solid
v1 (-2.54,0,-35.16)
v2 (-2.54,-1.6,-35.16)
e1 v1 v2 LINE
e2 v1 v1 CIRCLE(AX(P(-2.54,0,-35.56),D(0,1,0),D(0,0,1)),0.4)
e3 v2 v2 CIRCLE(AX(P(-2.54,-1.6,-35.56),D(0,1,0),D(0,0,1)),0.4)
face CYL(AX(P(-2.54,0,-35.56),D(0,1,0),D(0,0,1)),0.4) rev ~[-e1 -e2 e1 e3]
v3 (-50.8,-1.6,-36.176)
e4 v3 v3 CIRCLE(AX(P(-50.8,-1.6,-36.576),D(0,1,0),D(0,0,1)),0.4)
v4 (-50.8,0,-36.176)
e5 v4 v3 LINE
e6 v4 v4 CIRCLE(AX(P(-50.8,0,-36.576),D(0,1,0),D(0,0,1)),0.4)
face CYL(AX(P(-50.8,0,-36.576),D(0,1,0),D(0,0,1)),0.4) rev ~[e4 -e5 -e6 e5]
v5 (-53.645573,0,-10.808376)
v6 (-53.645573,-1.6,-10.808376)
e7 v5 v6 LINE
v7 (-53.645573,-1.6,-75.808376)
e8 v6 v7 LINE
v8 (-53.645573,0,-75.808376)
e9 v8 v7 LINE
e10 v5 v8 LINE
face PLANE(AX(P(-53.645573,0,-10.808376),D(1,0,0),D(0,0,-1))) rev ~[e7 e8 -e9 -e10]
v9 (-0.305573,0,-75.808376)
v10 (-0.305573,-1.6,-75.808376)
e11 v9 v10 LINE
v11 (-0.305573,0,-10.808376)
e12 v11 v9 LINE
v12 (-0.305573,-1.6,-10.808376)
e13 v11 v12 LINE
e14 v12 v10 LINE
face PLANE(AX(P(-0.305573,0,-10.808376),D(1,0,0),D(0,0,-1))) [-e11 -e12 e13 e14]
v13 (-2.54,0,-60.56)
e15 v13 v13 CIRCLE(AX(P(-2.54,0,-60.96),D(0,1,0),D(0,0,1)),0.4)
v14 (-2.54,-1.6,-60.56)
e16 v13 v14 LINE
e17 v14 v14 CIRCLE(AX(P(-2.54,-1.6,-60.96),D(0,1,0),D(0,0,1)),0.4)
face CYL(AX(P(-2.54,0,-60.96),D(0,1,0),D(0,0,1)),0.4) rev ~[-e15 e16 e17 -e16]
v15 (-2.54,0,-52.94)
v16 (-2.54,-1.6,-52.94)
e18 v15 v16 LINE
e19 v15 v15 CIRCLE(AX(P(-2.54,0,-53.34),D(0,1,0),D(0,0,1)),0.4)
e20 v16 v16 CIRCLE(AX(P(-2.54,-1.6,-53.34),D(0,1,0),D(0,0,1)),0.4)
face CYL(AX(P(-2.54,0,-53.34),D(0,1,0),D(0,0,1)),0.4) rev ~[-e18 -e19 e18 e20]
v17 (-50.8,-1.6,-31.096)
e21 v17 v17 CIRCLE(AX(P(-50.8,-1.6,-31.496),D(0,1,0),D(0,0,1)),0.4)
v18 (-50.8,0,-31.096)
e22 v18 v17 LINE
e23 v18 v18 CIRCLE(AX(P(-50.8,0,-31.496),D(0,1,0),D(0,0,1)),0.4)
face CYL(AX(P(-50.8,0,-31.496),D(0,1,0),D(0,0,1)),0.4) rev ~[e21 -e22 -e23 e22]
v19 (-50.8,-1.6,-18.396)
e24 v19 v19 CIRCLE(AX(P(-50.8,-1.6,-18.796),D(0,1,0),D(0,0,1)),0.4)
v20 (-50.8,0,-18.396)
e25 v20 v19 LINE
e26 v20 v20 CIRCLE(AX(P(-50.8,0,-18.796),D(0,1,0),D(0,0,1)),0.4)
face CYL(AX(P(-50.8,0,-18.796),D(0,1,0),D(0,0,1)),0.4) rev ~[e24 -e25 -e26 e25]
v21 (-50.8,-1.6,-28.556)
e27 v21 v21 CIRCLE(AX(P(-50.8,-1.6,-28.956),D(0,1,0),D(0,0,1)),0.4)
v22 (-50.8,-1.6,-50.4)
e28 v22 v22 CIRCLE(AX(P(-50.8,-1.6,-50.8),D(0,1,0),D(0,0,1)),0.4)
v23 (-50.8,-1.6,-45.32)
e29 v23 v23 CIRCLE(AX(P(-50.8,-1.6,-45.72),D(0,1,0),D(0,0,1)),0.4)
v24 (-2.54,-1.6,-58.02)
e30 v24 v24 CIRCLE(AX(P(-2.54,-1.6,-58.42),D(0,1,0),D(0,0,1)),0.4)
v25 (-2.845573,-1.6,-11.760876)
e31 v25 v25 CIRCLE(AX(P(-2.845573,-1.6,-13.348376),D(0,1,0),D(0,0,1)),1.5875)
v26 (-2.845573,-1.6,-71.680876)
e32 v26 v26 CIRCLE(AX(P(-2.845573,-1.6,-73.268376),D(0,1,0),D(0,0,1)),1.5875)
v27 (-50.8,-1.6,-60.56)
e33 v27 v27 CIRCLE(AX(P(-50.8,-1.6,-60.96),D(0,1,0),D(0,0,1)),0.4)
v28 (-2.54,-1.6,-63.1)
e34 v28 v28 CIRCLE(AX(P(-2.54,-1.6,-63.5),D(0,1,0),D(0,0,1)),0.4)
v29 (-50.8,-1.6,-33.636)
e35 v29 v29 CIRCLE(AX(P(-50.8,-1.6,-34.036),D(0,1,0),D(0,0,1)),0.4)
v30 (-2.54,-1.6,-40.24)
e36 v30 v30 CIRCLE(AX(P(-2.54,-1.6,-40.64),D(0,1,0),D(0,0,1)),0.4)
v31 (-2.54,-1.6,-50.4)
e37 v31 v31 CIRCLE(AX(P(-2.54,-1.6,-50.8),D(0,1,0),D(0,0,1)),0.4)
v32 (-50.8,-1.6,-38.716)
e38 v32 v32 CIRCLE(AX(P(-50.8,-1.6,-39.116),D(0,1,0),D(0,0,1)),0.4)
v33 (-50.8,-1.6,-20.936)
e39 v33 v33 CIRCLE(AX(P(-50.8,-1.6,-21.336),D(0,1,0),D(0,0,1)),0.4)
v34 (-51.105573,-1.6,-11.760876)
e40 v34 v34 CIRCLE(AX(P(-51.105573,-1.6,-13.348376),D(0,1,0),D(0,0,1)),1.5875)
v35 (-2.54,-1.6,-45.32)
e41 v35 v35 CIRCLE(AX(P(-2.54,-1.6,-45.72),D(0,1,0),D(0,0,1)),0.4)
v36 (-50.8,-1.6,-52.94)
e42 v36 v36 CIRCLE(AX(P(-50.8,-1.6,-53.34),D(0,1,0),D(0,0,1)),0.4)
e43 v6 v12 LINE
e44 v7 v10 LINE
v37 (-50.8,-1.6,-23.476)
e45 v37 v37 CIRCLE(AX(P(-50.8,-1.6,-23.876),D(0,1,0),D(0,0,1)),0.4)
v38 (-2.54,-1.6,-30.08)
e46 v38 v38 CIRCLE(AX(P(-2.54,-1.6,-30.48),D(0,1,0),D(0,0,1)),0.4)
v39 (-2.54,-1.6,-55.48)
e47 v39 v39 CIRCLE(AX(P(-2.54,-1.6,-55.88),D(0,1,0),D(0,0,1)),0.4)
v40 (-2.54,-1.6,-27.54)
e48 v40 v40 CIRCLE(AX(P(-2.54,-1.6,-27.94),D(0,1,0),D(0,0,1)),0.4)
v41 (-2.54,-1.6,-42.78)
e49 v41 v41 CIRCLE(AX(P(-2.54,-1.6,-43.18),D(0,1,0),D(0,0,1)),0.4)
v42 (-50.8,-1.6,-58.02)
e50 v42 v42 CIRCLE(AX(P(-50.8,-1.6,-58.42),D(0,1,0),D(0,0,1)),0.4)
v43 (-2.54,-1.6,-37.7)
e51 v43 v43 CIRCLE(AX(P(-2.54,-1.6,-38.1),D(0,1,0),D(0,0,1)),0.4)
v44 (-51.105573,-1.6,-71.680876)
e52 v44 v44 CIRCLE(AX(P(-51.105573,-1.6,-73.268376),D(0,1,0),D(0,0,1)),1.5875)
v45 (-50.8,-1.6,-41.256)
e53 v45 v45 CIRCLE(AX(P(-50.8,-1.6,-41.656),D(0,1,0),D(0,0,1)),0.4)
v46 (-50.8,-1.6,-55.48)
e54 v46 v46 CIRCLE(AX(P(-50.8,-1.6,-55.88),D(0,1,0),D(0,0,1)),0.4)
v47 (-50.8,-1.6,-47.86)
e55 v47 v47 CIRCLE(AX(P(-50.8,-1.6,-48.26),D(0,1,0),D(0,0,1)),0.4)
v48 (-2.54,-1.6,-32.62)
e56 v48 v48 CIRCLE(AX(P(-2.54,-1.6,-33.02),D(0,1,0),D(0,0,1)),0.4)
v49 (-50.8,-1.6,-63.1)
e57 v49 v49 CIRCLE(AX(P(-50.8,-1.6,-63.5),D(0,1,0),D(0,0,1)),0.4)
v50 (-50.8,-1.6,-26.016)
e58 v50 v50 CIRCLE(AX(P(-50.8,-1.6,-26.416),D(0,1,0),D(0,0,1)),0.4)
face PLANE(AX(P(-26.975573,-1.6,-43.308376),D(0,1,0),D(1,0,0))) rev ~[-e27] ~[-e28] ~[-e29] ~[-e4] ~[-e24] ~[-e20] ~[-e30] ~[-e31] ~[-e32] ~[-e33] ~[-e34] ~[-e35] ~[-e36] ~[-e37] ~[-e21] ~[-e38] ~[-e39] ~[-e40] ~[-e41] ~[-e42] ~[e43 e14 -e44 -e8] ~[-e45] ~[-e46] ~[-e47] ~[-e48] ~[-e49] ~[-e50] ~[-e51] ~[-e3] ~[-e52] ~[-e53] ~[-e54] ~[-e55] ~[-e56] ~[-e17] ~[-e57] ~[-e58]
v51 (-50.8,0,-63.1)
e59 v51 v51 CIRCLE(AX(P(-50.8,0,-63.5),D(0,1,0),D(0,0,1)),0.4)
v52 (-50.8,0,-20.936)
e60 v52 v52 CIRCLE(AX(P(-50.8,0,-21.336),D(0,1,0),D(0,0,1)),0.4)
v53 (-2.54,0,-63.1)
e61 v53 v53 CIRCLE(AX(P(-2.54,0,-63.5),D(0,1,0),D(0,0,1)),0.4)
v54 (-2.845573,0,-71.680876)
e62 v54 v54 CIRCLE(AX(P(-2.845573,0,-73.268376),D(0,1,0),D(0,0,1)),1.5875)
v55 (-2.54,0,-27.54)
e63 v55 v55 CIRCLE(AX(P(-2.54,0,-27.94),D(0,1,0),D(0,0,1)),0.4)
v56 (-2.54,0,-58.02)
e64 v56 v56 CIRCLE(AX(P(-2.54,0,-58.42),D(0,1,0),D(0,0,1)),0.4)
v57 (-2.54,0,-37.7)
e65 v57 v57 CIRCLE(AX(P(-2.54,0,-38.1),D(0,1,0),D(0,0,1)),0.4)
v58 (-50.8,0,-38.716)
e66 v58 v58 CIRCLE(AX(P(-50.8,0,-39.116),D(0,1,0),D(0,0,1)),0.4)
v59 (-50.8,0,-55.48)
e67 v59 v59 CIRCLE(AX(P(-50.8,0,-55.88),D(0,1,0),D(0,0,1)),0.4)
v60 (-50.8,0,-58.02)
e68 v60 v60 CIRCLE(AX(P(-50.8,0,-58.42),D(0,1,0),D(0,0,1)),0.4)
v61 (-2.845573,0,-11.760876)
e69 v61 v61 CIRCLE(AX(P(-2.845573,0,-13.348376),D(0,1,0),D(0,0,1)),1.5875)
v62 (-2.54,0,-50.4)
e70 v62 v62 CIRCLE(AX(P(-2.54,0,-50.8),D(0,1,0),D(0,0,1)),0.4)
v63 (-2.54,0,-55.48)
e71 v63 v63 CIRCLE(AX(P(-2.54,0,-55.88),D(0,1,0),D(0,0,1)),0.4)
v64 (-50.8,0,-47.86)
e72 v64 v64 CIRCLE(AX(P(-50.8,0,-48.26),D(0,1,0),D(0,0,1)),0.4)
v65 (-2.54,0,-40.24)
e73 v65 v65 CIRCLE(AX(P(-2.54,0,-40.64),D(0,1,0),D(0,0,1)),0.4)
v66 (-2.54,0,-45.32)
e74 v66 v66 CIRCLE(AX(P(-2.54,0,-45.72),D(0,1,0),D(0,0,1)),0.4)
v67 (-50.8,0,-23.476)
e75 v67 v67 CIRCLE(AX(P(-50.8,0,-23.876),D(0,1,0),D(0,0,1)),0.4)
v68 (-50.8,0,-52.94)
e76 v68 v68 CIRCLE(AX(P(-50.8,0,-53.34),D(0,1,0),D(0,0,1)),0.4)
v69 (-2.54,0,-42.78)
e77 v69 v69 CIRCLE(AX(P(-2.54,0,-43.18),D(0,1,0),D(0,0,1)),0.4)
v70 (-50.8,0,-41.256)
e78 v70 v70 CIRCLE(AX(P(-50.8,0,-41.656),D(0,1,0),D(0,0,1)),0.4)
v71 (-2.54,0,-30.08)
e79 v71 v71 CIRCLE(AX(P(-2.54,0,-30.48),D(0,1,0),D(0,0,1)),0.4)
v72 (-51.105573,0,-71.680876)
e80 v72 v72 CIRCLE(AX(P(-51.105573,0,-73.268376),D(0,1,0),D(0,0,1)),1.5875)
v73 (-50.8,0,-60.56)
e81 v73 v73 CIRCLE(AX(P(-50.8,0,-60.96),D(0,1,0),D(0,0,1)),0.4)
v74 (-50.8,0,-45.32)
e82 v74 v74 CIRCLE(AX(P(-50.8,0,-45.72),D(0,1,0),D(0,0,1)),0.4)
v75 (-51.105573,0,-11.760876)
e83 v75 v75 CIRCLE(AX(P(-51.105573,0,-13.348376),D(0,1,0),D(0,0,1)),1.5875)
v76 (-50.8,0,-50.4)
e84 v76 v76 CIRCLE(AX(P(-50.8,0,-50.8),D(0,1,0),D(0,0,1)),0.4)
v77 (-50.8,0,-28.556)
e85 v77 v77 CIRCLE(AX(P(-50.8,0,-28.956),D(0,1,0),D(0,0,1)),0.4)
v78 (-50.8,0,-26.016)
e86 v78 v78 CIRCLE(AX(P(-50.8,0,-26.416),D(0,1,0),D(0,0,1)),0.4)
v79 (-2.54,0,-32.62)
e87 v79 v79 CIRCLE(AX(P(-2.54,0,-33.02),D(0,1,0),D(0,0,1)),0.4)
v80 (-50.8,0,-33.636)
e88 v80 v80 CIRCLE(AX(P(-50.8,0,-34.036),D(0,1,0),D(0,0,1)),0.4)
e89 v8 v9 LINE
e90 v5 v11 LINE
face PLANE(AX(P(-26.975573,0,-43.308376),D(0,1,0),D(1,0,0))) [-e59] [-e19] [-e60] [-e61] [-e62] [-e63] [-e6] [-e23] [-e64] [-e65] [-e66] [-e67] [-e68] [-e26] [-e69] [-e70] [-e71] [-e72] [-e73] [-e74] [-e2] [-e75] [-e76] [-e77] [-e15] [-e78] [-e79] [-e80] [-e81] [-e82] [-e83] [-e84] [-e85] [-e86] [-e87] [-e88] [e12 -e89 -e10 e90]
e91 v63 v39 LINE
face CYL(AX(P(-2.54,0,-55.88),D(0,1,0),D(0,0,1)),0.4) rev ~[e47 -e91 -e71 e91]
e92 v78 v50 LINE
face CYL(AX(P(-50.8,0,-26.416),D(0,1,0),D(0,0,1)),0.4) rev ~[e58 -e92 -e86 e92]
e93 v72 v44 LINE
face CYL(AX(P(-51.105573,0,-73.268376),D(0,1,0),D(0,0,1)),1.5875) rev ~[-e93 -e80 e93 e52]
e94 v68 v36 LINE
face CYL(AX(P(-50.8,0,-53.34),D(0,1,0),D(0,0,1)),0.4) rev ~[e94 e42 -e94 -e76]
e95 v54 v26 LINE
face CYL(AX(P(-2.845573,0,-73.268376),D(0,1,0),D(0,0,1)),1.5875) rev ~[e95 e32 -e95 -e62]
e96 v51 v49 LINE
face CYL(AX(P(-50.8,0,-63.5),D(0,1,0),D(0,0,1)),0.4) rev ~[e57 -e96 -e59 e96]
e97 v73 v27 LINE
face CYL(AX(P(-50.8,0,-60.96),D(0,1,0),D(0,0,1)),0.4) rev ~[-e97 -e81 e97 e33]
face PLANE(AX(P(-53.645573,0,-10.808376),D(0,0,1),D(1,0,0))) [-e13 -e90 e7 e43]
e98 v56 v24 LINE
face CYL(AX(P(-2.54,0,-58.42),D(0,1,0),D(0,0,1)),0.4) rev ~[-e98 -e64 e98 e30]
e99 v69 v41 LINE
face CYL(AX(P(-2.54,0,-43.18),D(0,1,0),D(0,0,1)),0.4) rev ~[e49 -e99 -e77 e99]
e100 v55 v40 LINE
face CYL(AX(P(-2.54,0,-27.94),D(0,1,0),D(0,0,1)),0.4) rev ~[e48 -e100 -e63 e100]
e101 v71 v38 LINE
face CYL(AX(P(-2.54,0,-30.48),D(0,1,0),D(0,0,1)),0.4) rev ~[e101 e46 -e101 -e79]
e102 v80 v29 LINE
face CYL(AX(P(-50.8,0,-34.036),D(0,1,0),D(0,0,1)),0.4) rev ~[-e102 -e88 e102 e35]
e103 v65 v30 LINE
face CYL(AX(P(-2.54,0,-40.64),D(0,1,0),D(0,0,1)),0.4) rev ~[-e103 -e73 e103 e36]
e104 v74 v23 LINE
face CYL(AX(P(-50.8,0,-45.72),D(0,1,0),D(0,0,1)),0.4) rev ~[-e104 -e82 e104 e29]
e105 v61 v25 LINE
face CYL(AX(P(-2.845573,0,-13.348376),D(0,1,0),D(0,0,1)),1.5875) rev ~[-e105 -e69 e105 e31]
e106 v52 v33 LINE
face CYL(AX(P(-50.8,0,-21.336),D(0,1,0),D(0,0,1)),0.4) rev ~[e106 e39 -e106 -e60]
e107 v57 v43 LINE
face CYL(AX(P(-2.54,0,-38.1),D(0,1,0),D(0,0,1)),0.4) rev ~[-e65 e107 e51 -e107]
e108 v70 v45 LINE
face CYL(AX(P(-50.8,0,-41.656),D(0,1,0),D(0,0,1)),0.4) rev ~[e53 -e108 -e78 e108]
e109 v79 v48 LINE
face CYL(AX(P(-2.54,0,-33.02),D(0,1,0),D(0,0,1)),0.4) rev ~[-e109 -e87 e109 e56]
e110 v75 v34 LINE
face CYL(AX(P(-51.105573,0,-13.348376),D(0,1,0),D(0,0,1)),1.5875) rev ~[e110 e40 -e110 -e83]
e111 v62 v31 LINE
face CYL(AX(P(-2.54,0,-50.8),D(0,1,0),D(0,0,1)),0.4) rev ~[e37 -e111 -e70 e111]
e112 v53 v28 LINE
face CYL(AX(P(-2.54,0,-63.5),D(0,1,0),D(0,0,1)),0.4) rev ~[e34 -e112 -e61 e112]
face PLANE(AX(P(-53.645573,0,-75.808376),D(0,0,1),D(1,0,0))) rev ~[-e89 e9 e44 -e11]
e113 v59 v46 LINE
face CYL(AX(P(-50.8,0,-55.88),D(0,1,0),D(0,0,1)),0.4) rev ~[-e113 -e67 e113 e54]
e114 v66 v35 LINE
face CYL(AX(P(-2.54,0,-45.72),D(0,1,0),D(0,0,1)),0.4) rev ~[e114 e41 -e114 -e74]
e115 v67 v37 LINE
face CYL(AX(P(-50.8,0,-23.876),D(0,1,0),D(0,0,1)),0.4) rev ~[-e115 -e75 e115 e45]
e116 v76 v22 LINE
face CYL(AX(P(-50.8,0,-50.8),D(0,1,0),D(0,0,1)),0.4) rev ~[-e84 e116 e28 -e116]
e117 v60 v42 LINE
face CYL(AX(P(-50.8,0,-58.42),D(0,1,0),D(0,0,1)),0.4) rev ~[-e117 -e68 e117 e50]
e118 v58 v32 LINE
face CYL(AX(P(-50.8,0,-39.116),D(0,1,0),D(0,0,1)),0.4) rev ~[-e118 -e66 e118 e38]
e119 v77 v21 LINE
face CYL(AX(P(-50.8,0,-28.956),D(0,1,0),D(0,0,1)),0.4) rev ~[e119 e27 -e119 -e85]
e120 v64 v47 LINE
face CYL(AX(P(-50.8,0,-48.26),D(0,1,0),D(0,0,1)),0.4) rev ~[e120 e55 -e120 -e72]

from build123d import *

# Parameters (mm, degrees)
SKETCH1_W           = 53.34
SKETCH1_H           = 65
SKETCH1_R           = 1.5875
BOSS_EXTRUDE1_DEPTH = 1.6
SKETCH2_R           = 0.4
CUT_EXTRUDE1_DEPTH  = 1.65
SKETCH3_R           = 0.4
CUT_EXTRUDE2_DEPTH  = 1.65
LPATTERN1_COUNT     = 15
LPATTERN1_PITCH     = 2.54
SKETCH4_R           = 0.4
CUT_EXTRUDE3_DEPTH  = 1.65
LPATTERN2_COUNT     = 10
LPATTERN2_PITCH     = 2.54
LPATTERN3_COUNT     = 9
LPATTERN3_PITCH     = 2.54


with BuildPart() as part:
    # Sketch1 → Boss-Extrude1 (new body)
    with BuildSketch(Plane(origin=(0, 0, 0), x_dir=(1, 0, 0), z_dir=(0, 1, 0))):
        with Locations((-26.975572741, 43.308375706)):
            Rectangle(SKETCH1_W, SKETCH1_H)
        with Locations(Location((-51.105572741, 73.268375706, 0), (0, 0, 270))):
            Circle(SKETCH1_R, mode=Mode.SUBTRACT)
        with Locations(Location((-2.845572741, 73.268375706, 0), (0, 0, 270))):
            Circle(SKETCH1_R, mode=Mode.SUBTRACT)
        with Locations(Location((-2.845572741, 13.348375706, 0), (0, 0, 270))):
            Circle(SKETCH1_R, mode=Mode.SUBTRACT)
        with Locations(Location((-51.105572741, 13.348375706, 0), (0, 0, 270))):
            Circle(SKETCH1_R, mode=Mode.SUBTRACT)
    extrude(amount=-BOSS_EXTRUDE1_DEPTH)

    # Sketch2 → Cut-Extrude1 (cut)
    with BuildSketch(Plane(origin=(0, 0, 0), x_dir=(1, 0, 0), z_dir=(0, 1, 0))):
        with Locations(Location((-2.54, 27.94, 0), (0, 0, 270))):
            Circle(SKETCH2_R)
    cut_extrude1 = extrude(amount=-CUT_EXTRUDE1_DEPTH, mode=Mode.SUBTRACT)

    # Sketch3 → Cut-Extrude2 (cut)
    with BuildSketch(Plane(origin=(0, 0, 0), x_dir=(1, 0, 0), z_dir=(0, 1, 0))):
        with Locations(Location((-50.8, 18.796, 0), (0, 0, 270))):
            Circle(SKETCH3_R)
    cut_extrude2 = extrude(amount=-CUT_EXTRUDE2_DEPTH, mode=Mode.SUBTRACT)

    # LPattern1: Cut-Extrude1 ×15, 1 skipped
    with Locations(*[(0, 0, -i * LPATTERN1_PITCH) for i in range(1, LPATTERN1_COUNT) if i not in (8,)]):
        add(cut_extrude1, mode=Mode.SUBTRACT)

    # Sketch4 → Cut-Extrude3 (cut)
    with BuildSketch(Plane(origin=(0, 0, 0), x_dir=(1, 0, 0), z_dir=(0, 1, 0))):
        with Locations(Location((-50.8, 45.72, 0), (0, 0, 270))):
            Circle(SKETCH4_R)
    cut_extrude3 = extrude(amount=-CUT_EXTRUDE3_DEPTH, mode=Mode.SUBTRACT)

    # LPattern2: Cut-Extrude2 ×10
    with Locations(*[(0, 0, -i * LPATTERN2_PITCH) for i in range(1, LPATTERN2_COUNT)]):
        add(cut_extrude2, mode=Mode.SUBTRACT)

    # LPattern3: Cut-Extrude3 ×9, 1 skipped
    with Locations(*[(0, 0, -i * LPATTERN3_PITCH) for i in range(1, LPATTERN3_COUNT) if i not in (8,)]):
        add(cut_extrude3, mode=Mode.SUBTRACT)


solid = part.part
